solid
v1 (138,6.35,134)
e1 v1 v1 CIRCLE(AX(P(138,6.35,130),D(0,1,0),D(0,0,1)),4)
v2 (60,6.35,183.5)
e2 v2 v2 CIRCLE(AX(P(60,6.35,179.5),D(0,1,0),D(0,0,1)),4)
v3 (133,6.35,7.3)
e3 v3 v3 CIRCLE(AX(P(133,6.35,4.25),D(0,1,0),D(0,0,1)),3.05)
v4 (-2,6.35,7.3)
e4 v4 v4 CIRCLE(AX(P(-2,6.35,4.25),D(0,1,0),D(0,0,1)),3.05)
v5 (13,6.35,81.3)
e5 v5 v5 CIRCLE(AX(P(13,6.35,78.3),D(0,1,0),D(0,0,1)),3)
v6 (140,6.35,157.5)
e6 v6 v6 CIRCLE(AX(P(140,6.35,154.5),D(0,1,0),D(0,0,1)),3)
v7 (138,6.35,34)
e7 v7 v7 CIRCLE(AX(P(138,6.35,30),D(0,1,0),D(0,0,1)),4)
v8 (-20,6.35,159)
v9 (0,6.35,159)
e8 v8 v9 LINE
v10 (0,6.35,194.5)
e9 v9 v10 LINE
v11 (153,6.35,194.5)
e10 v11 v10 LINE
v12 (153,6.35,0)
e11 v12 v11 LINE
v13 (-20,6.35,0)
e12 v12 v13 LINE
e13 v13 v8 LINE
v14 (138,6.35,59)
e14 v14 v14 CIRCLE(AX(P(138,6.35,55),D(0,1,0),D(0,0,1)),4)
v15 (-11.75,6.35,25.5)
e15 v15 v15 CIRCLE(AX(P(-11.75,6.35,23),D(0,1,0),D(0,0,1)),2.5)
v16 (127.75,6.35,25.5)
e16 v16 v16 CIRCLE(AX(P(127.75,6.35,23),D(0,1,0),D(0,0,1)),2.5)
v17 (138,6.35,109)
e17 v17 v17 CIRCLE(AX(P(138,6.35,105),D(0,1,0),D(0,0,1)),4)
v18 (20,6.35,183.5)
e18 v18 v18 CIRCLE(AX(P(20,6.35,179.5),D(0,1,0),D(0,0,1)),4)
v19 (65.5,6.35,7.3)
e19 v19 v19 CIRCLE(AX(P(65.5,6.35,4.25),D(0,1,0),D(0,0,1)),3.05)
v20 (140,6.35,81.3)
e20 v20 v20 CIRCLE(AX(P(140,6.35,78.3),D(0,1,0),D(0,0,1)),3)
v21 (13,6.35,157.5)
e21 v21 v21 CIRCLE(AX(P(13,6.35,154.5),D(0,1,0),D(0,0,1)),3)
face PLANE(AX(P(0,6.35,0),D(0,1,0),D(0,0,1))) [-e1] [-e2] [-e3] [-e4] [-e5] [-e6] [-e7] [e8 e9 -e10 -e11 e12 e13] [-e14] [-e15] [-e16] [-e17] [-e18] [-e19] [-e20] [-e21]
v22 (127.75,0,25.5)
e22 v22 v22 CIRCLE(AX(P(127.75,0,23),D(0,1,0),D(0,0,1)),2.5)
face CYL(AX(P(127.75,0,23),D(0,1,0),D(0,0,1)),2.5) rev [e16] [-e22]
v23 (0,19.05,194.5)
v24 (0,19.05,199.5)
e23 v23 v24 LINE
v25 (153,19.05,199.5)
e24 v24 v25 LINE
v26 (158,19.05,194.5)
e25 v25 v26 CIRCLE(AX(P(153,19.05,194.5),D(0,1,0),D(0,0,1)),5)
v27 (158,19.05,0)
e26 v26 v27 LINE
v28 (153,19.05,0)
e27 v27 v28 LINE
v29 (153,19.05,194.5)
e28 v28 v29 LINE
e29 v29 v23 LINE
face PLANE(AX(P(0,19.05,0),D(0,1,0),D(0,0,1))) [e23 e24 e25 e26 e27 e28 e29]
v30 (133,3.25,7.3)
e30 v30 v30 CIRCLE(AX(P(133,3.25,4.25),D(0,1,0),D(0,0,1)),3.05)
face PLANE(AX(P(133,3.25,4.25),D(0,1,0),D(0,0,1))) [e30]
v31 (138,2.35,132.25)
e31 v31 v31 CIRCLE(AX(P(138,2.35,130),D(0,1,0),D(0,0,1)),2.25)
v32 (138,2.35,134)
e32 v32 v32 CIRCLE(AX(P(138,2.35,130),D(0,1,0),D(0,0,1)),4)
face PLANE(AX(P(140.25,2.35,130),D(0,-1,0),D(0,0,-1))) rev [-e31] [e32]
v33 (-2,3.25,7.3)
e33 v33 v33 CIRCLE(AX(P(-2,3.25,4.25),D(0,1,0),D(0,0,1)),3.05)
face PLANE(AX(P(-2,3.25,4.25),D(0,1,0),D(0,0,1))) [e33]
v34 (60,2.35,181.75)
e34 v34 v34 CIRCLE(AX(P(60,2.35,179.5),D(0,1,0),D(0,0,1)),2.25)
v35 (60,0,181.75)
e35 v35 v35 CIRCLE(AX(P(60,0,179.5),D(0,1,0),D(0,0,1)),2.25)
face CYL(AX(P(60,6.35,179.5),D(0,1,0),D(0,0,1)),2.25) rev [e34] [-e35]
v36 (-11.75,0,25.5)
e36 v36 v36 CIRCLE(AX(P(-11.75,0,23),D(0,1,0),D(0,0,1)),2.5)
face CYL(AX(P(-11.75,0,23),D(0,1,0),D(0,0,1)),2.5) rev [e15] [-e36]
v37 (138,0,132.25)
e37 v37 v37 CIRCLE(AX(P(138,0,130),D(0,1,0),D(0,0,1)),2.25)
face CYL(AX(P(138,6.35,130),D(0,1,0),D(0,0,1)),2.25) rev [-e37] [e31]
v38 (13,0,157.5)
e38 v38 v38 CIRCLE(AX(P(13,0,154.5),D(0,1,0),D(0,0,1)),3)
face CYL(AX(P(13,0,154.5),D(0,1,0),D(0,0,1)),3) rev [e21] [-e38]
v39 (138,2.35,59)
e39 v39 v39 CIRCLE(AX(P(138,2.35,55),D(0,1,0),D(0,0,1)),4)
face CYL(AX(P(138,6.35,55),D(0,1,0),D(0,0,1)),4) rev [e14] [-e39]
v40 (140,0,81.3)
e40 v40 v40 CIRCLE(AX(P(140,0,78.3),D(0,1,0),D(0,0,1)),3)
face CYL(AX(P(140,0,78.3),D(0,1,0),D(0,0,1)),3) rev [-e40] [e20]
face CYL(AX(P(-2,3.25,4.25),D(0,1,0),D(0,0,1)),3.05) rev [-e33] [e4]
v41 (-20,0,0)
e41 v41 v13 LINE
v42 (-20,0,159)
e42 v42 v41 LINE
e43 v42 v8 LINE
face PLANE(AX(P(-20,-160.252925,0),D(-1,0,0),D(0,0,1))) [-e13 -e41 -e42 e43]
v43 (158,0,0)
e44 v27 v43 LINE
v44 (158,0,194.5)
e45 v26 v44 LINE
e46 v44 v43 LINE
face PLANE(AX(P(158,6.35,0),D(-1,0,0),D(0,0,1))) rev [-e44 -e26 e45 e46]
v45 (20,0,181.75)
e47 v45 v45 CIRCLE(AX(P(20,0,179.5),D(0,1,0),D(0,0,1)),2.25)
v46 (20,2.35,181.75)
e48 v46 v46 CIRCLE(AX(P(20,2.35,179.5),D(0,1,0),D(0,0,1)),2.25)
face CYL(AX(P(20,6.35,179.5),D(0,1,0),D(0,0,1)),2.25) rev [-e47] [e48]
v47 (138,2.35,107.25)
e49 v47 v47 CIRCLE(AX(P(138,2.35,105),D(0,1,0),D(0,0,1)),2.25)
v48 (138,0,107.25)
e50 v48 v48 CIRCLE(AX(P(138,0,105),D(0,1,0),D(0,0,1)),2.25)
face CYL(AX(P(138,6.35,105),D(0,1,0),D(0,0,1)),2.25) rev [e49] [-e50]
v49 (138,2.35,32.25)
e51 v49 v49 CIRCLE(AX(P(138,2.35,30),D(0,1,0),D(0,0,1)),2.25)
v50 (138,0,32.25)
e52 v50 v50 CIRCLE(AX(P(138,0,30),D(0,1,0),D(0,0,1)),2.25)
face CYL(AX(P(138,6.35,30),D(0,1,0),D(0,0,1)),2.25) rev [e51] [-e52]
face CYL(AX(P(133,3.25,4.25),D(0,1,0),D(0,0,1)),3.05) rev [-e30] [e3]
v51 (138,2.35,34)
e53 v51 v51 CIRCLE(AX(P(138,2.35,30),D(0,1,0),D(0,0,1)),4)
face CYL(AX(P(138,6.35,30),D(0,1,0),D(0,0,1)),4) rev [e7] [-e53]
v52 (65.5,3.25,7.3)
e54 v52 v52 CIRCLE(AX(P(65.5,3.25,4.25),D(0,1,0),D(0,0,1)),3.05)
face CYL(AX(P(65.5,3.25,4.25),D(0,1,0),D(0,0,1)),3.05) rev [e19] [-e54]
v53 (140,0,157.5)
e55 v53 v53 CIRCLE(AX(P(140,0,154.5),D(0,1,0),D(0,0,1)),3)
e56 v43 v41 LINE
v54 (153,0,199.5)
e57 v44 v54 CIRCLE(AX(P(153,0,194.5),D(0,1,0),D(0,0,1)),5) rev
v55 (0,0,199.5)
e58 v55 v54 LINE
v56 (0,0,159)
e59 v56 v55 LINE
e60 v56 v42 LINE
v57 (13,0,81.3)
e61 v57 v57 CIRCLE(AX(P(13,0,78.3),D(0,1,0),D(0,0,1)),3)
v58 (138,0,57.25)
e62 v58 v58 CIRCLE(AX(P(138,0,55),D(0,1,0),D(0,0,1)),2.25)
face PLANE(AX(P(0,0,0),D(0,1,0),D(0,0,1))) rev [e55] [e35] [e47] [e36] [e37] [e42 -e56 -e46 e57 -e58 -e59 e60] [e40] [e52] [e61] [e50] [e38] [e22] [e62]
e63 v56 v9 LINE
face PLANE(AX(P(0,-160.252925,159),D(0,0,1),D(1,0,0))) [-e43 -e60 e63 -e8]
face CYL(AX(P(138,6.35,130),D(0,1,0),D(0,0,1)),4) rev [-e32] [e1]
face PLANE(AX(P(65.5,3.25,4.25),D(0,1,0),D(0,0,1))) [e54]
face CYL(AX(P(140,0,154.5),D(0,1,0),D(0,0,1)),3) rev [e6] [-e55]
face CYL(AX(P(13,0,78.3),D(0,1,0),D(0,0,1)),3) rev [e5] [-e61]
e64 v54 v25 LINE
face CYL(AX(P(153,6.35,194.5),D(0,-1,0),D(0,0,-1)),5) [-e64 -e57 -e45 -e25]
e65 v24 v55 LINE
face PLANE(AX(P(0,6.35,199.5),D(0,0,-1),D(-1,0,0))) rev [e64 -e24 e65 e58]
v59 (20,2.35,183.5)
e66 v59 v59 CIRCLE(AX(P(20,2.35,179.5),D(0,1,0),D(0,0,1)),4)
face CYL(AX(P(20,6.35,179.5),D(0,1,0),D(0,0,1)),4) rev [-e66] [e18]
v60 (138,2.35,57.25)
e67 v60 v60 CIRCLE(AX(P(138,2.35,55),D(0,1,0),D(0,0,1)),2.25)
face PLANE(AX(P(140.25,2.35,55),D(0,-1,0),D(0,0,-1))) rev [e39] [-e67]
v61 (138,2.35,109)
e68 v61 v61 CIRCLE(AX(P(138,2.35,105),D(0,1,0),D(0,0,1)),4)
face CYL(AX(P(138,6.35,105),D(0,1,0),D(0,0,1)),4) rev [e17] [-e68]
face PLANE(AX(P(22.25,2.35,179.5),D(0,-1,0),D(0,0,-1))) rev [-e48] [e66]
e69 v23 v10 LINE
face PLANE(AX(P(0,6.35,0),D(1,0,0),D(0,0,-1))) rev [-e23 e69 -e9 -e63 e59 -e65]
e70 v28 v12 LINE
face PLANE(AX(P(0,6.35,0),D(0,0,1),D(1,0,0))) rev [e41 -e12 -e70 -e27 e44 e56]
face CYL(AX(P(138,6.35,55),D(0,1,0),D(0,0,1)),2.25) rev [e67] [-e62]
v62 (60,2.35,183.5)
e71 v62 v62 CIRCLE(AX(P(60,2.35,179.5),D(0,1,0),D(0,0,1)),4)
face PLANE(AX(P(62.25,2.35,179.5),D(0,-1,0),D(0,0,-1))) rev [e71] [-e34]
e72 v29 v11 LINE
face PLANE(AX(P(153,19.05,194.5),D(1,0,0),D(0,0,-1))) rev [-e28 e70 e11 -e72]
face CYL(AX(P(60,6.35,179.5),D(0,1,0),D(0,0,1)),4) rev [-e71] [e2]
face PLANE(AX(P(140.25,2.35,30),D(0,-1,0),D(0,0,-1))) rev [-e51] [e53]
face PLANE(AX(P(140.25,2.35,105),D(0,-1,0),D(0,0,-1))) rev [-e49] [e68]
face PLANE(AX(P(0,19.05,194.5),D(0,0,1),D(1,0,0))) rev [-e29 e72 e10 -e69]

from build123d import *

# Parameters (mm, degrees)
SKETCH1_W                      = 158
SKETCH1_H                      = 199.5
BOSS_EXTRUDE1_DEPTH            = 6.35
BOSS_EXTRUDE2_DEPTH            = 12.7
CBORE_FOR_M4_SHCS1_D           = 4.5
CBORE_FOR_M4_SHCS1_DEPTH       = 6.35
CBORE_FOR_M4_SHCS1_CBORE_D     = 8
CBORE_FOR_M4_SHCS1_CBORE_DEPTH = 4
FILLET4_R                      = 5
SKETCH17_W                     = 20
SKETCH17_H                     = 159
BOSS_EXTRUDE3_DEPTH            = 6.35
SKETCH18_R                     = 3
ENCLOSURE_DEPTH                = 7.35
SKETCH19_R                     = 2.5
CUT_EXTRUDE4_DEPTH             = 7.35
SKETCH20_R                     = 3.05
CUT_EXTRUDE5_DEPTH             = 3.1


with BuildPart() as part:
    # Sketch1 → Boss-Extrude1 (new body)
    with BuildSketch(Plane(origin=(0, 0, 0), x_dir=(1, 0, 0), z_dir=(0, 1, 0))):
        with Locations((79, -99.75)):
            Rectangle(SKETCH1_W, SKETCH1_H)
    extrude(amount=BOSS_EXTRUDE1_DEPTH)

    # Sketch3 → Boss-Extrude2 (add)
    with BuildSketch(Plane(origin=(0, 6.35, 0), x_dir=(1, 0, 0), z_dir=(0, 1, 0))):
        Polygon((158, -199.5), (158, 0), (153, 0), (153, -194.5), (0, -194.5), (0, -199.5), align=None)
    extrude(amount=BOSS_EXTRUDE2_DEPTH)

    # CBORE for M4 SHCS1
    with Locations(Plane(origin=(0, 6.35, 0), x_dir=(1, 0, 0), z_dir=(0, 1, 0))):
        with Locations((138, -55), (20, -179.5), (60, -179.5), (138, -130), (138, -105), (138, -30)):
            CounterBoreHole(CBORE_FOR_M4_SHCS1_D / 2, CBORE_FOR_M4_SHCS1_CBORE_D / 2, CBORE_FOR_M4_SHCS1_CBORE_DEPTH, depth=CBORE_FOR_M4_SHCS1_DEPTH)

    # Fillet4
    fillet4_edges = [part.edges().sort_by_distance(p)[0] for p in [
        (158, 9.525, 199.5),
    ]]
    fillet(fillet4_edges, radius=FILLET4_R)

    # Sketch17 → Boss-Extrude3 (add)
    with BuildSketch(Plane(origin=(0, 6.35, 0), x_dir=(1, 0, 0), z_dir=(0, 1, 0))):
        with Locations((-10, -79.5)):
            Rectangle(SKETCH17_W, SKETCH17_H)
    extrude(amount=-BOSS_EXTRUDE3_DEPTH)

    # Sketch18 → Enclosure (cut, through all)
    with BuildSketch(Plane(origin=(0, 6.35, 0), x_dir=(1, 0, 0), z_dir=(0, 1, 0))):
        with Locations((13, -154.5)):
            Circle(SKETCH18_R)
        with Locations((13, -78.3)):
            Circle(SKETCH18_R)
        with Locations((140, -78.3)):
            Circle(SKETCH18_R)
        with Locations((140, -154.5)):
            Circle(SKETCH18_R)
    extrude(amount=-ENCLOSURE_DEPTH, mode=Mode.SUBTRACT)

    # Sketch19 → Cut-Extrude4 (cut, through all)
    with BuildSketch(Plane(origin=(0, 6.35, 0), x_dir=(1, 0, 0), z_dir=(0, 1, 0))):
        with Locations((-11.75, -23)):
            Circle(SKETCH19_R)
        with Locations((127.75, -23)):
            Circle(SKETCH19_R)
    extrude(amount=-CUT_EXTRUDE4_DEPTH, mode=Mode.SUBTRACT)

    # Sketch20 → Cut-Extrude5 (cut)
    with BuildSketch(Plane(origin=(0, 6.35, 0), x_dir=(1, 0, 0), z_dir=(0, 1, 0))):
        with Locations((133, -4.25)):
            Circle(SKETCH20_R)
        with Locations((65.5, -4.25)):
            Circle(SKETCH20_R)
        with Locations((-2, -4.25)):
            Circle(SKETCH20_R)
    extrude(amount=-CUT_EXTRUDE5_DEPTH, mode=Mode.SUBTRACT)


solid = part.part
